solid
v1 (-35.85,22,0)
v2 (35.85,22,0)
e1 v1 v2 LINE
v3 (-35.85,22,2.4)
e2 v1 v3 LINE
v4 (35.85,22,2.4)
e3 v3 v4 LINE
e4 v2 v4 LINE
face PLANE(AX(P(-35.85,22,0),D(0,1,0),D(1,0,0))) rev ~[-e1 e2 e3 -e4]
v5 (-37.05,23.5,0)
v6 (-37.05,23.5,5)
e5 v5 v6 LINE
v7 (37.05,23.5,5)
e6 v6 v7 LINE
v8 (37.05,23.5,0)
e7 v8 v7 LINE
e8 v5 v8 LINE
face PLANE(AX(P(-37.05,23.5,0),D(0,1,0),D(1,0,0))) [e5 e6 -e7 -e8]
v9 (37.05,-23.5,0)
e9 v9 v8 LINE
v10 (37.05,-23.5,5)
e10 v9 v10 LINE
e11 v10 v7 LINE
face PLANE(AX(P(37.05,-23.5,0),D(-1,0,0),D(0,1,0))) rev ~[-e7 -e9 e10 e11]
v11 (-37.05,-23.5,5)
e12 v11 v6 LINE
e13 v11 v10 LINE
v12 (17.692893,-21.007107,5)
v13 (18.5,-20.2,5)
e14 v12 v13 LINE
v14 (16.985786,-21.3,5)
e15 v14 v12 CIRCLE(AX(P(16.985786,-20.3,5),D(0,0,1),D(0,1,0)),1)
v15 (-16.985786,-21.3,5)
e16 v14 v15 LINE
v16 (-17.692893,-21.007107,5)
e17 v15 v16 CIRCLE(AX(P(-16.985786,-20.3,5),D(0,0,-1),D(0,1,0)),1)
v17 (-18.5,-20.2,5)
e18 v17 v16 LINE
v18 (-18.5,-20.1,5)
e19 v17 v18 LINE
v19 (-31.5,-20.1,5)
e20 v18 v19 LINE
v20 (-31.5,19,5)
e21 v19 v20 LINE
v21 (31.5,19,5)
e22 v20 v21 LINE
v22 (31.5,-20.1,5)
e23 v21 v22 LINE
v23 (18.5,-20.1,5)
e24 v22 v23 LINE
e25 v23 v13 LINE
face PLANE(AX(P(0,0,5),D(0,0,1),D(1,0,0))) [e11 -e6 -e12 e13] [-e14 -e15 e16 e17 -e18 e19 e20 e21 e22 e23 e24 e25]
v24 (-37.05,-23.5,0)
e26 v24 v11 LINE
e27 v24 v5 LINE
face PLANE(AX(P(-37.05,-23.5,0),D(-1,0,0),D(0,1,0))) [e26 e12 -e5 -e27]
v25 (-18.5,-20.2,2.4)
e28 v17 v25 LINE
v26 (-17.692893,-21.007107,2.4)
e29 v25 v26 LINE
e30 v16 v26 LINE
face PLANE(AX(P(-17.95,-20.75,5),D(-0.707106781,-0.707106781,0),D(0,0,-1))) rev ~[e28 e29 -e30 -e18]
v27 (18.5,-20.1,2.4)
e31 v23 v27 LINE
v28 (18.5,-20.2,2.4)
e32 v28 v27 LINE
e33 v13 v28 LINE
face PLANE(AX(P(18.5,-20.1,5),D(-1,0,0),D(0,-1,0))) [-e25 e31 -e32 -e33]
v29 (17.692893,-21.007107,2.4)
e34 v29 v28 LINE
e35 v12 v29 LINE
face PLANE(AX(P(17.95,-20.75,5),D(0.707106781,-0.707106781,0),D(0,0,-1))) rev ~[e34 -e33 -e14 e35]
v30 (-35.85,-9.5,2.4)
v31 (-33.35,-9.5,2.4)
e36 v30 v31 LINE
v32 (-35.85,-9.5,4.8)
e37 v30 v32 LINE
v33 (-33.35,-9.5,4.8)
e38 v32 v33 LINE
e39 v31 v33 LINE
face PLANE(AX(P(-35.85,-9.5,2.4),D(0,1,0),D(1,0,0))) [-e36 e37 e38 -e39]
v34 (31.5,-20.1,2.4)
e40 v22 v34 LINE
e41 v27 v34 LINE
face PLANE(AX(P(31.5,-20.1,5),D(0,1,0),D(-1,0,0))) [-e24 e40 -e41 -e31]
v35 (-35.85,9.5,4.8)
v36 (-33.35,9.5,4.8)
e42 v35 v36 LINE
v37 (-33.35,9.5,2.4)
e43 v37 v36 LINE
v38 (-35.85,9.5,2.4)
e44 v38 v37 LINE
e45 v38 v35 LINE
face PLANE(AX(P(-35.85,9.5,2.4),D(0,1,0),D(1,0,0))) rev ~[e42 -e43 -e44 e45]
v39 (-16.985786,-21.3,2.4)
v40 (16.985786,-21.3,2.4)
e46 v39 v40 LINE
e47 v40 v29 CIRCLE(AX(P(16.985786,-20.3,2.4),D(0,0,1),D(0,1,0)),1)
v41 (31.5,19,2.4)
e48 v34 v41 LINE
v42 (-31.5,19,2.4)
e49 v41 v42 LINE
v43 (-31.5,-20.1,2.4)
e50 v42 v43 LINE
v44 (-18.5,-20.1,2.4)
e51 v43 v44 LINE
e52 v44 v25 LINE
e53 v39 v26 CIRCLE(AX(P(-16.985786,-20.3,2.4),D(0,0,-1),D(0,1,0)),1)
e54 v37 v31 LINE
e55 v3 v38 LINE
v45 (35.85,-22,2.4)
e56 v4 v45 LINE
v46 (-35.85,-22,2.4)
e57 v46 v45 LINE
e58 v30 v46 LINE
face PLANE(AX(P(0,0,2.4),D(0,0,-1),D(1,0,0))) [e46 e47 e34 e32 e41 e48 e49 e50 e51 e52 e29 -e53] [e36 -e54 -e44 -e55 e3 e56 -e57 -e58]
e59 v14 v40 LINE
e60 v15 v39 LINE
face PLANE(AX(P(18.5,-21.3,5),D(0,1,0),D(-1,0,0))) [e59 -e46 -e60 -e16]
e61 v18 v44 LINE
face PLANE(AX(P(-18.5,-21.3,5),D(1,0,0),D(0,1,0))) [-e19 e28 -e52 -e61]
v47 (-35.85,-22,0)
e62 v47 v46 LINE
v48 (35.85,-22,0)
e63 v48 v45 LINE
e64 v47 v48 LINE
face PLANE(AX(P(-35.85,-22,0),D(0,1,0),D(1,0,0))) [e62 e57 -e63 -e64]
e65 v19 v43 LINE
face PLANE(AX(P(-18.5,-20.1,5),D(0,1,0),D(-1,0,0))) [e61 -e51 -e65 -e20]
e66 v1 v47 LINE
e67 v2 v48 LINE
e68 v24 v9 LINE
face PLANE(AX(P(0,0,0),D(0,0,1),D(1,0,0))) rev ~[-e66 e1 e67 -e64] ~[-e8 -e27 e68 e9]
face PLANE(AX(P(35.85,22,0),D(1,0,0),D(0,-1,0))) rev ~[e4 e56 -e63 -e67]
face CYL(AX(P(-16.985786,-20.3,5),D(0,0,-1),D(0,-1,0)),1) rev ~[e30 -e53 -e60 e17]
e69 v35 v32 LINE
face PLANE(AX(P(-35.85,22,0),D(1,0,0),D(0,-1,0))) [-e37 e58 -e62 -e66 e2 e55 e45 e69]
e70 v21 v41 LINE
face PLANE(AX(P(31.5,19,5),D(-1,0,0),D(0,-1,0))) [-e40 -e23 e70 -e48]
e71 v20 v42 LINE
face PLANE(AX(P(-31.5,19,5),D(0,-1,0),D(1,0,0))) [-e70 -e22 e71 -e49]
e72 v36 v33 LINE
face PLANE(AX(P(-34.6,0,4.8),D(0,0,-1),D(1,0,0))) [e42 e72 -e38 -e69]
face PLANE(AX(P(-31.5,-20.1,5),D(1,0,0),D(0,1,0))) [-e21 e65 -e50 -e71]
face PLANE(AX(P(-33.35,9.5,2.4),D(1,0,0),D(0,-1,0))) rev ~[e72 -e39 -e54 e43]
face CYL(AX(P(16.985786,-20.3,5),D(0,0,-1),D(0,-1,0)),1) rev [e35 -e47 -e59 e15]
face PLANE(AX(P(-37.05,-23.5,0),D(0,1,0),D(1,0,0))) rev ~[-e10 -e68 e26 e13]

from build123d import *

# Parameters (mm, degrees)
SKETCH_W        = 74.1
SKETCH_H        = 47
PAD_DEPTH       = 5
SKETCH001_W     = 71.7
SKETCH001_H     = 44
POCKET_DEPTH    = 2.4
POCKET001_DEPTH = 5
SKETCH004_W     = 2.5
SKETCH004_H     = 19
POCKET002_DEPTH = 2.4
CHAMFER_SIZE    = 1.1
CHAMFER001_SIZE = 1.1
FILLET_R        = 1
FILLET001_R     = 1


with BuildPart() as part:
    # Sketch → Pad (new body)
    with BuildSketch(Plane.XY):
        Rectangle(SKETCH_W, SKETCH_H)
    extrude(amount=PAD_DEPTH)

    # Sketch001 (on Face5 of Pad) → Pocket (cut)
    with BuildSketch(Plane(origin=(0, 0, 0), x_dir=(1, 0, 0), z_dir=(0, 0, -1))):
        Rectangle(SKETCH001_W, SKETCH001_H)
    extrude(amount=-POCKET_DEPTH, mode=Mode.SUBTRACT)

    # Sketch002 (on Face5 of Pocket) → Pocket001 (cut)
    with BuildSketch(Plane.XY.offset(5)):
        Polygon((-31.5, 19), (31.5, 19), (31.5, -20.1), (18.5, -20.1), (18.5, -21.3), (-18.5, -21.3), (-18.5, -20.1), (-31.5, -20.1), align=None)
    extrude(amount=-POCKET001_DEPTH, mode=Mode.SUBTRACT)

    # Sketch004 (on Face19 of Pocket001) → Pocket002 (cut)
    with BuildSketch(Plane(origin=(0, 0, 2.4), x_dir=(1, 0, 0), z_dir=(0, 0, -1))):
        with Locations((-34.6, 0)):
            Rectangle(SKETCH004_W, SKETCH004_H)
    extrude(amount=-POCKET002_DEPTH, mode=Mode.SUBTRACT)

    # Chamfer
    chamfer_edges = [part.edges().sort_by_distance(p)[0] for p in [
        (-18.5, -21.3, 3.7),
    ]]
    chamfer(chamfer_edges, length=CHAMFER_SIZE)

    # Chamfer001
    chamfer001_edges = [part.edges().sort_by_distance(p)[0] for p in [
        (18.5, -21.3, 3.7),
    ]]
    chamfer(chamfer001_edges, length=CHAMFER001_SIZE)

    # Fillet
    fillet_edges = [part.edges().sort_by_distance(p)[0] for p in [
        (17.4, -21.3, 3.7),
    ]]
    fillet(fillet_edges, radius=FILLET_R)

    # Fillet001
    fillet001_edges = [part.edges().sort_by_distance(p)[0] for p in [
        (-17.4, -21.3, 3.7),
    ]]
    fillet(fillet001_edges, radius=FILLET001_R)


solid = part.part
